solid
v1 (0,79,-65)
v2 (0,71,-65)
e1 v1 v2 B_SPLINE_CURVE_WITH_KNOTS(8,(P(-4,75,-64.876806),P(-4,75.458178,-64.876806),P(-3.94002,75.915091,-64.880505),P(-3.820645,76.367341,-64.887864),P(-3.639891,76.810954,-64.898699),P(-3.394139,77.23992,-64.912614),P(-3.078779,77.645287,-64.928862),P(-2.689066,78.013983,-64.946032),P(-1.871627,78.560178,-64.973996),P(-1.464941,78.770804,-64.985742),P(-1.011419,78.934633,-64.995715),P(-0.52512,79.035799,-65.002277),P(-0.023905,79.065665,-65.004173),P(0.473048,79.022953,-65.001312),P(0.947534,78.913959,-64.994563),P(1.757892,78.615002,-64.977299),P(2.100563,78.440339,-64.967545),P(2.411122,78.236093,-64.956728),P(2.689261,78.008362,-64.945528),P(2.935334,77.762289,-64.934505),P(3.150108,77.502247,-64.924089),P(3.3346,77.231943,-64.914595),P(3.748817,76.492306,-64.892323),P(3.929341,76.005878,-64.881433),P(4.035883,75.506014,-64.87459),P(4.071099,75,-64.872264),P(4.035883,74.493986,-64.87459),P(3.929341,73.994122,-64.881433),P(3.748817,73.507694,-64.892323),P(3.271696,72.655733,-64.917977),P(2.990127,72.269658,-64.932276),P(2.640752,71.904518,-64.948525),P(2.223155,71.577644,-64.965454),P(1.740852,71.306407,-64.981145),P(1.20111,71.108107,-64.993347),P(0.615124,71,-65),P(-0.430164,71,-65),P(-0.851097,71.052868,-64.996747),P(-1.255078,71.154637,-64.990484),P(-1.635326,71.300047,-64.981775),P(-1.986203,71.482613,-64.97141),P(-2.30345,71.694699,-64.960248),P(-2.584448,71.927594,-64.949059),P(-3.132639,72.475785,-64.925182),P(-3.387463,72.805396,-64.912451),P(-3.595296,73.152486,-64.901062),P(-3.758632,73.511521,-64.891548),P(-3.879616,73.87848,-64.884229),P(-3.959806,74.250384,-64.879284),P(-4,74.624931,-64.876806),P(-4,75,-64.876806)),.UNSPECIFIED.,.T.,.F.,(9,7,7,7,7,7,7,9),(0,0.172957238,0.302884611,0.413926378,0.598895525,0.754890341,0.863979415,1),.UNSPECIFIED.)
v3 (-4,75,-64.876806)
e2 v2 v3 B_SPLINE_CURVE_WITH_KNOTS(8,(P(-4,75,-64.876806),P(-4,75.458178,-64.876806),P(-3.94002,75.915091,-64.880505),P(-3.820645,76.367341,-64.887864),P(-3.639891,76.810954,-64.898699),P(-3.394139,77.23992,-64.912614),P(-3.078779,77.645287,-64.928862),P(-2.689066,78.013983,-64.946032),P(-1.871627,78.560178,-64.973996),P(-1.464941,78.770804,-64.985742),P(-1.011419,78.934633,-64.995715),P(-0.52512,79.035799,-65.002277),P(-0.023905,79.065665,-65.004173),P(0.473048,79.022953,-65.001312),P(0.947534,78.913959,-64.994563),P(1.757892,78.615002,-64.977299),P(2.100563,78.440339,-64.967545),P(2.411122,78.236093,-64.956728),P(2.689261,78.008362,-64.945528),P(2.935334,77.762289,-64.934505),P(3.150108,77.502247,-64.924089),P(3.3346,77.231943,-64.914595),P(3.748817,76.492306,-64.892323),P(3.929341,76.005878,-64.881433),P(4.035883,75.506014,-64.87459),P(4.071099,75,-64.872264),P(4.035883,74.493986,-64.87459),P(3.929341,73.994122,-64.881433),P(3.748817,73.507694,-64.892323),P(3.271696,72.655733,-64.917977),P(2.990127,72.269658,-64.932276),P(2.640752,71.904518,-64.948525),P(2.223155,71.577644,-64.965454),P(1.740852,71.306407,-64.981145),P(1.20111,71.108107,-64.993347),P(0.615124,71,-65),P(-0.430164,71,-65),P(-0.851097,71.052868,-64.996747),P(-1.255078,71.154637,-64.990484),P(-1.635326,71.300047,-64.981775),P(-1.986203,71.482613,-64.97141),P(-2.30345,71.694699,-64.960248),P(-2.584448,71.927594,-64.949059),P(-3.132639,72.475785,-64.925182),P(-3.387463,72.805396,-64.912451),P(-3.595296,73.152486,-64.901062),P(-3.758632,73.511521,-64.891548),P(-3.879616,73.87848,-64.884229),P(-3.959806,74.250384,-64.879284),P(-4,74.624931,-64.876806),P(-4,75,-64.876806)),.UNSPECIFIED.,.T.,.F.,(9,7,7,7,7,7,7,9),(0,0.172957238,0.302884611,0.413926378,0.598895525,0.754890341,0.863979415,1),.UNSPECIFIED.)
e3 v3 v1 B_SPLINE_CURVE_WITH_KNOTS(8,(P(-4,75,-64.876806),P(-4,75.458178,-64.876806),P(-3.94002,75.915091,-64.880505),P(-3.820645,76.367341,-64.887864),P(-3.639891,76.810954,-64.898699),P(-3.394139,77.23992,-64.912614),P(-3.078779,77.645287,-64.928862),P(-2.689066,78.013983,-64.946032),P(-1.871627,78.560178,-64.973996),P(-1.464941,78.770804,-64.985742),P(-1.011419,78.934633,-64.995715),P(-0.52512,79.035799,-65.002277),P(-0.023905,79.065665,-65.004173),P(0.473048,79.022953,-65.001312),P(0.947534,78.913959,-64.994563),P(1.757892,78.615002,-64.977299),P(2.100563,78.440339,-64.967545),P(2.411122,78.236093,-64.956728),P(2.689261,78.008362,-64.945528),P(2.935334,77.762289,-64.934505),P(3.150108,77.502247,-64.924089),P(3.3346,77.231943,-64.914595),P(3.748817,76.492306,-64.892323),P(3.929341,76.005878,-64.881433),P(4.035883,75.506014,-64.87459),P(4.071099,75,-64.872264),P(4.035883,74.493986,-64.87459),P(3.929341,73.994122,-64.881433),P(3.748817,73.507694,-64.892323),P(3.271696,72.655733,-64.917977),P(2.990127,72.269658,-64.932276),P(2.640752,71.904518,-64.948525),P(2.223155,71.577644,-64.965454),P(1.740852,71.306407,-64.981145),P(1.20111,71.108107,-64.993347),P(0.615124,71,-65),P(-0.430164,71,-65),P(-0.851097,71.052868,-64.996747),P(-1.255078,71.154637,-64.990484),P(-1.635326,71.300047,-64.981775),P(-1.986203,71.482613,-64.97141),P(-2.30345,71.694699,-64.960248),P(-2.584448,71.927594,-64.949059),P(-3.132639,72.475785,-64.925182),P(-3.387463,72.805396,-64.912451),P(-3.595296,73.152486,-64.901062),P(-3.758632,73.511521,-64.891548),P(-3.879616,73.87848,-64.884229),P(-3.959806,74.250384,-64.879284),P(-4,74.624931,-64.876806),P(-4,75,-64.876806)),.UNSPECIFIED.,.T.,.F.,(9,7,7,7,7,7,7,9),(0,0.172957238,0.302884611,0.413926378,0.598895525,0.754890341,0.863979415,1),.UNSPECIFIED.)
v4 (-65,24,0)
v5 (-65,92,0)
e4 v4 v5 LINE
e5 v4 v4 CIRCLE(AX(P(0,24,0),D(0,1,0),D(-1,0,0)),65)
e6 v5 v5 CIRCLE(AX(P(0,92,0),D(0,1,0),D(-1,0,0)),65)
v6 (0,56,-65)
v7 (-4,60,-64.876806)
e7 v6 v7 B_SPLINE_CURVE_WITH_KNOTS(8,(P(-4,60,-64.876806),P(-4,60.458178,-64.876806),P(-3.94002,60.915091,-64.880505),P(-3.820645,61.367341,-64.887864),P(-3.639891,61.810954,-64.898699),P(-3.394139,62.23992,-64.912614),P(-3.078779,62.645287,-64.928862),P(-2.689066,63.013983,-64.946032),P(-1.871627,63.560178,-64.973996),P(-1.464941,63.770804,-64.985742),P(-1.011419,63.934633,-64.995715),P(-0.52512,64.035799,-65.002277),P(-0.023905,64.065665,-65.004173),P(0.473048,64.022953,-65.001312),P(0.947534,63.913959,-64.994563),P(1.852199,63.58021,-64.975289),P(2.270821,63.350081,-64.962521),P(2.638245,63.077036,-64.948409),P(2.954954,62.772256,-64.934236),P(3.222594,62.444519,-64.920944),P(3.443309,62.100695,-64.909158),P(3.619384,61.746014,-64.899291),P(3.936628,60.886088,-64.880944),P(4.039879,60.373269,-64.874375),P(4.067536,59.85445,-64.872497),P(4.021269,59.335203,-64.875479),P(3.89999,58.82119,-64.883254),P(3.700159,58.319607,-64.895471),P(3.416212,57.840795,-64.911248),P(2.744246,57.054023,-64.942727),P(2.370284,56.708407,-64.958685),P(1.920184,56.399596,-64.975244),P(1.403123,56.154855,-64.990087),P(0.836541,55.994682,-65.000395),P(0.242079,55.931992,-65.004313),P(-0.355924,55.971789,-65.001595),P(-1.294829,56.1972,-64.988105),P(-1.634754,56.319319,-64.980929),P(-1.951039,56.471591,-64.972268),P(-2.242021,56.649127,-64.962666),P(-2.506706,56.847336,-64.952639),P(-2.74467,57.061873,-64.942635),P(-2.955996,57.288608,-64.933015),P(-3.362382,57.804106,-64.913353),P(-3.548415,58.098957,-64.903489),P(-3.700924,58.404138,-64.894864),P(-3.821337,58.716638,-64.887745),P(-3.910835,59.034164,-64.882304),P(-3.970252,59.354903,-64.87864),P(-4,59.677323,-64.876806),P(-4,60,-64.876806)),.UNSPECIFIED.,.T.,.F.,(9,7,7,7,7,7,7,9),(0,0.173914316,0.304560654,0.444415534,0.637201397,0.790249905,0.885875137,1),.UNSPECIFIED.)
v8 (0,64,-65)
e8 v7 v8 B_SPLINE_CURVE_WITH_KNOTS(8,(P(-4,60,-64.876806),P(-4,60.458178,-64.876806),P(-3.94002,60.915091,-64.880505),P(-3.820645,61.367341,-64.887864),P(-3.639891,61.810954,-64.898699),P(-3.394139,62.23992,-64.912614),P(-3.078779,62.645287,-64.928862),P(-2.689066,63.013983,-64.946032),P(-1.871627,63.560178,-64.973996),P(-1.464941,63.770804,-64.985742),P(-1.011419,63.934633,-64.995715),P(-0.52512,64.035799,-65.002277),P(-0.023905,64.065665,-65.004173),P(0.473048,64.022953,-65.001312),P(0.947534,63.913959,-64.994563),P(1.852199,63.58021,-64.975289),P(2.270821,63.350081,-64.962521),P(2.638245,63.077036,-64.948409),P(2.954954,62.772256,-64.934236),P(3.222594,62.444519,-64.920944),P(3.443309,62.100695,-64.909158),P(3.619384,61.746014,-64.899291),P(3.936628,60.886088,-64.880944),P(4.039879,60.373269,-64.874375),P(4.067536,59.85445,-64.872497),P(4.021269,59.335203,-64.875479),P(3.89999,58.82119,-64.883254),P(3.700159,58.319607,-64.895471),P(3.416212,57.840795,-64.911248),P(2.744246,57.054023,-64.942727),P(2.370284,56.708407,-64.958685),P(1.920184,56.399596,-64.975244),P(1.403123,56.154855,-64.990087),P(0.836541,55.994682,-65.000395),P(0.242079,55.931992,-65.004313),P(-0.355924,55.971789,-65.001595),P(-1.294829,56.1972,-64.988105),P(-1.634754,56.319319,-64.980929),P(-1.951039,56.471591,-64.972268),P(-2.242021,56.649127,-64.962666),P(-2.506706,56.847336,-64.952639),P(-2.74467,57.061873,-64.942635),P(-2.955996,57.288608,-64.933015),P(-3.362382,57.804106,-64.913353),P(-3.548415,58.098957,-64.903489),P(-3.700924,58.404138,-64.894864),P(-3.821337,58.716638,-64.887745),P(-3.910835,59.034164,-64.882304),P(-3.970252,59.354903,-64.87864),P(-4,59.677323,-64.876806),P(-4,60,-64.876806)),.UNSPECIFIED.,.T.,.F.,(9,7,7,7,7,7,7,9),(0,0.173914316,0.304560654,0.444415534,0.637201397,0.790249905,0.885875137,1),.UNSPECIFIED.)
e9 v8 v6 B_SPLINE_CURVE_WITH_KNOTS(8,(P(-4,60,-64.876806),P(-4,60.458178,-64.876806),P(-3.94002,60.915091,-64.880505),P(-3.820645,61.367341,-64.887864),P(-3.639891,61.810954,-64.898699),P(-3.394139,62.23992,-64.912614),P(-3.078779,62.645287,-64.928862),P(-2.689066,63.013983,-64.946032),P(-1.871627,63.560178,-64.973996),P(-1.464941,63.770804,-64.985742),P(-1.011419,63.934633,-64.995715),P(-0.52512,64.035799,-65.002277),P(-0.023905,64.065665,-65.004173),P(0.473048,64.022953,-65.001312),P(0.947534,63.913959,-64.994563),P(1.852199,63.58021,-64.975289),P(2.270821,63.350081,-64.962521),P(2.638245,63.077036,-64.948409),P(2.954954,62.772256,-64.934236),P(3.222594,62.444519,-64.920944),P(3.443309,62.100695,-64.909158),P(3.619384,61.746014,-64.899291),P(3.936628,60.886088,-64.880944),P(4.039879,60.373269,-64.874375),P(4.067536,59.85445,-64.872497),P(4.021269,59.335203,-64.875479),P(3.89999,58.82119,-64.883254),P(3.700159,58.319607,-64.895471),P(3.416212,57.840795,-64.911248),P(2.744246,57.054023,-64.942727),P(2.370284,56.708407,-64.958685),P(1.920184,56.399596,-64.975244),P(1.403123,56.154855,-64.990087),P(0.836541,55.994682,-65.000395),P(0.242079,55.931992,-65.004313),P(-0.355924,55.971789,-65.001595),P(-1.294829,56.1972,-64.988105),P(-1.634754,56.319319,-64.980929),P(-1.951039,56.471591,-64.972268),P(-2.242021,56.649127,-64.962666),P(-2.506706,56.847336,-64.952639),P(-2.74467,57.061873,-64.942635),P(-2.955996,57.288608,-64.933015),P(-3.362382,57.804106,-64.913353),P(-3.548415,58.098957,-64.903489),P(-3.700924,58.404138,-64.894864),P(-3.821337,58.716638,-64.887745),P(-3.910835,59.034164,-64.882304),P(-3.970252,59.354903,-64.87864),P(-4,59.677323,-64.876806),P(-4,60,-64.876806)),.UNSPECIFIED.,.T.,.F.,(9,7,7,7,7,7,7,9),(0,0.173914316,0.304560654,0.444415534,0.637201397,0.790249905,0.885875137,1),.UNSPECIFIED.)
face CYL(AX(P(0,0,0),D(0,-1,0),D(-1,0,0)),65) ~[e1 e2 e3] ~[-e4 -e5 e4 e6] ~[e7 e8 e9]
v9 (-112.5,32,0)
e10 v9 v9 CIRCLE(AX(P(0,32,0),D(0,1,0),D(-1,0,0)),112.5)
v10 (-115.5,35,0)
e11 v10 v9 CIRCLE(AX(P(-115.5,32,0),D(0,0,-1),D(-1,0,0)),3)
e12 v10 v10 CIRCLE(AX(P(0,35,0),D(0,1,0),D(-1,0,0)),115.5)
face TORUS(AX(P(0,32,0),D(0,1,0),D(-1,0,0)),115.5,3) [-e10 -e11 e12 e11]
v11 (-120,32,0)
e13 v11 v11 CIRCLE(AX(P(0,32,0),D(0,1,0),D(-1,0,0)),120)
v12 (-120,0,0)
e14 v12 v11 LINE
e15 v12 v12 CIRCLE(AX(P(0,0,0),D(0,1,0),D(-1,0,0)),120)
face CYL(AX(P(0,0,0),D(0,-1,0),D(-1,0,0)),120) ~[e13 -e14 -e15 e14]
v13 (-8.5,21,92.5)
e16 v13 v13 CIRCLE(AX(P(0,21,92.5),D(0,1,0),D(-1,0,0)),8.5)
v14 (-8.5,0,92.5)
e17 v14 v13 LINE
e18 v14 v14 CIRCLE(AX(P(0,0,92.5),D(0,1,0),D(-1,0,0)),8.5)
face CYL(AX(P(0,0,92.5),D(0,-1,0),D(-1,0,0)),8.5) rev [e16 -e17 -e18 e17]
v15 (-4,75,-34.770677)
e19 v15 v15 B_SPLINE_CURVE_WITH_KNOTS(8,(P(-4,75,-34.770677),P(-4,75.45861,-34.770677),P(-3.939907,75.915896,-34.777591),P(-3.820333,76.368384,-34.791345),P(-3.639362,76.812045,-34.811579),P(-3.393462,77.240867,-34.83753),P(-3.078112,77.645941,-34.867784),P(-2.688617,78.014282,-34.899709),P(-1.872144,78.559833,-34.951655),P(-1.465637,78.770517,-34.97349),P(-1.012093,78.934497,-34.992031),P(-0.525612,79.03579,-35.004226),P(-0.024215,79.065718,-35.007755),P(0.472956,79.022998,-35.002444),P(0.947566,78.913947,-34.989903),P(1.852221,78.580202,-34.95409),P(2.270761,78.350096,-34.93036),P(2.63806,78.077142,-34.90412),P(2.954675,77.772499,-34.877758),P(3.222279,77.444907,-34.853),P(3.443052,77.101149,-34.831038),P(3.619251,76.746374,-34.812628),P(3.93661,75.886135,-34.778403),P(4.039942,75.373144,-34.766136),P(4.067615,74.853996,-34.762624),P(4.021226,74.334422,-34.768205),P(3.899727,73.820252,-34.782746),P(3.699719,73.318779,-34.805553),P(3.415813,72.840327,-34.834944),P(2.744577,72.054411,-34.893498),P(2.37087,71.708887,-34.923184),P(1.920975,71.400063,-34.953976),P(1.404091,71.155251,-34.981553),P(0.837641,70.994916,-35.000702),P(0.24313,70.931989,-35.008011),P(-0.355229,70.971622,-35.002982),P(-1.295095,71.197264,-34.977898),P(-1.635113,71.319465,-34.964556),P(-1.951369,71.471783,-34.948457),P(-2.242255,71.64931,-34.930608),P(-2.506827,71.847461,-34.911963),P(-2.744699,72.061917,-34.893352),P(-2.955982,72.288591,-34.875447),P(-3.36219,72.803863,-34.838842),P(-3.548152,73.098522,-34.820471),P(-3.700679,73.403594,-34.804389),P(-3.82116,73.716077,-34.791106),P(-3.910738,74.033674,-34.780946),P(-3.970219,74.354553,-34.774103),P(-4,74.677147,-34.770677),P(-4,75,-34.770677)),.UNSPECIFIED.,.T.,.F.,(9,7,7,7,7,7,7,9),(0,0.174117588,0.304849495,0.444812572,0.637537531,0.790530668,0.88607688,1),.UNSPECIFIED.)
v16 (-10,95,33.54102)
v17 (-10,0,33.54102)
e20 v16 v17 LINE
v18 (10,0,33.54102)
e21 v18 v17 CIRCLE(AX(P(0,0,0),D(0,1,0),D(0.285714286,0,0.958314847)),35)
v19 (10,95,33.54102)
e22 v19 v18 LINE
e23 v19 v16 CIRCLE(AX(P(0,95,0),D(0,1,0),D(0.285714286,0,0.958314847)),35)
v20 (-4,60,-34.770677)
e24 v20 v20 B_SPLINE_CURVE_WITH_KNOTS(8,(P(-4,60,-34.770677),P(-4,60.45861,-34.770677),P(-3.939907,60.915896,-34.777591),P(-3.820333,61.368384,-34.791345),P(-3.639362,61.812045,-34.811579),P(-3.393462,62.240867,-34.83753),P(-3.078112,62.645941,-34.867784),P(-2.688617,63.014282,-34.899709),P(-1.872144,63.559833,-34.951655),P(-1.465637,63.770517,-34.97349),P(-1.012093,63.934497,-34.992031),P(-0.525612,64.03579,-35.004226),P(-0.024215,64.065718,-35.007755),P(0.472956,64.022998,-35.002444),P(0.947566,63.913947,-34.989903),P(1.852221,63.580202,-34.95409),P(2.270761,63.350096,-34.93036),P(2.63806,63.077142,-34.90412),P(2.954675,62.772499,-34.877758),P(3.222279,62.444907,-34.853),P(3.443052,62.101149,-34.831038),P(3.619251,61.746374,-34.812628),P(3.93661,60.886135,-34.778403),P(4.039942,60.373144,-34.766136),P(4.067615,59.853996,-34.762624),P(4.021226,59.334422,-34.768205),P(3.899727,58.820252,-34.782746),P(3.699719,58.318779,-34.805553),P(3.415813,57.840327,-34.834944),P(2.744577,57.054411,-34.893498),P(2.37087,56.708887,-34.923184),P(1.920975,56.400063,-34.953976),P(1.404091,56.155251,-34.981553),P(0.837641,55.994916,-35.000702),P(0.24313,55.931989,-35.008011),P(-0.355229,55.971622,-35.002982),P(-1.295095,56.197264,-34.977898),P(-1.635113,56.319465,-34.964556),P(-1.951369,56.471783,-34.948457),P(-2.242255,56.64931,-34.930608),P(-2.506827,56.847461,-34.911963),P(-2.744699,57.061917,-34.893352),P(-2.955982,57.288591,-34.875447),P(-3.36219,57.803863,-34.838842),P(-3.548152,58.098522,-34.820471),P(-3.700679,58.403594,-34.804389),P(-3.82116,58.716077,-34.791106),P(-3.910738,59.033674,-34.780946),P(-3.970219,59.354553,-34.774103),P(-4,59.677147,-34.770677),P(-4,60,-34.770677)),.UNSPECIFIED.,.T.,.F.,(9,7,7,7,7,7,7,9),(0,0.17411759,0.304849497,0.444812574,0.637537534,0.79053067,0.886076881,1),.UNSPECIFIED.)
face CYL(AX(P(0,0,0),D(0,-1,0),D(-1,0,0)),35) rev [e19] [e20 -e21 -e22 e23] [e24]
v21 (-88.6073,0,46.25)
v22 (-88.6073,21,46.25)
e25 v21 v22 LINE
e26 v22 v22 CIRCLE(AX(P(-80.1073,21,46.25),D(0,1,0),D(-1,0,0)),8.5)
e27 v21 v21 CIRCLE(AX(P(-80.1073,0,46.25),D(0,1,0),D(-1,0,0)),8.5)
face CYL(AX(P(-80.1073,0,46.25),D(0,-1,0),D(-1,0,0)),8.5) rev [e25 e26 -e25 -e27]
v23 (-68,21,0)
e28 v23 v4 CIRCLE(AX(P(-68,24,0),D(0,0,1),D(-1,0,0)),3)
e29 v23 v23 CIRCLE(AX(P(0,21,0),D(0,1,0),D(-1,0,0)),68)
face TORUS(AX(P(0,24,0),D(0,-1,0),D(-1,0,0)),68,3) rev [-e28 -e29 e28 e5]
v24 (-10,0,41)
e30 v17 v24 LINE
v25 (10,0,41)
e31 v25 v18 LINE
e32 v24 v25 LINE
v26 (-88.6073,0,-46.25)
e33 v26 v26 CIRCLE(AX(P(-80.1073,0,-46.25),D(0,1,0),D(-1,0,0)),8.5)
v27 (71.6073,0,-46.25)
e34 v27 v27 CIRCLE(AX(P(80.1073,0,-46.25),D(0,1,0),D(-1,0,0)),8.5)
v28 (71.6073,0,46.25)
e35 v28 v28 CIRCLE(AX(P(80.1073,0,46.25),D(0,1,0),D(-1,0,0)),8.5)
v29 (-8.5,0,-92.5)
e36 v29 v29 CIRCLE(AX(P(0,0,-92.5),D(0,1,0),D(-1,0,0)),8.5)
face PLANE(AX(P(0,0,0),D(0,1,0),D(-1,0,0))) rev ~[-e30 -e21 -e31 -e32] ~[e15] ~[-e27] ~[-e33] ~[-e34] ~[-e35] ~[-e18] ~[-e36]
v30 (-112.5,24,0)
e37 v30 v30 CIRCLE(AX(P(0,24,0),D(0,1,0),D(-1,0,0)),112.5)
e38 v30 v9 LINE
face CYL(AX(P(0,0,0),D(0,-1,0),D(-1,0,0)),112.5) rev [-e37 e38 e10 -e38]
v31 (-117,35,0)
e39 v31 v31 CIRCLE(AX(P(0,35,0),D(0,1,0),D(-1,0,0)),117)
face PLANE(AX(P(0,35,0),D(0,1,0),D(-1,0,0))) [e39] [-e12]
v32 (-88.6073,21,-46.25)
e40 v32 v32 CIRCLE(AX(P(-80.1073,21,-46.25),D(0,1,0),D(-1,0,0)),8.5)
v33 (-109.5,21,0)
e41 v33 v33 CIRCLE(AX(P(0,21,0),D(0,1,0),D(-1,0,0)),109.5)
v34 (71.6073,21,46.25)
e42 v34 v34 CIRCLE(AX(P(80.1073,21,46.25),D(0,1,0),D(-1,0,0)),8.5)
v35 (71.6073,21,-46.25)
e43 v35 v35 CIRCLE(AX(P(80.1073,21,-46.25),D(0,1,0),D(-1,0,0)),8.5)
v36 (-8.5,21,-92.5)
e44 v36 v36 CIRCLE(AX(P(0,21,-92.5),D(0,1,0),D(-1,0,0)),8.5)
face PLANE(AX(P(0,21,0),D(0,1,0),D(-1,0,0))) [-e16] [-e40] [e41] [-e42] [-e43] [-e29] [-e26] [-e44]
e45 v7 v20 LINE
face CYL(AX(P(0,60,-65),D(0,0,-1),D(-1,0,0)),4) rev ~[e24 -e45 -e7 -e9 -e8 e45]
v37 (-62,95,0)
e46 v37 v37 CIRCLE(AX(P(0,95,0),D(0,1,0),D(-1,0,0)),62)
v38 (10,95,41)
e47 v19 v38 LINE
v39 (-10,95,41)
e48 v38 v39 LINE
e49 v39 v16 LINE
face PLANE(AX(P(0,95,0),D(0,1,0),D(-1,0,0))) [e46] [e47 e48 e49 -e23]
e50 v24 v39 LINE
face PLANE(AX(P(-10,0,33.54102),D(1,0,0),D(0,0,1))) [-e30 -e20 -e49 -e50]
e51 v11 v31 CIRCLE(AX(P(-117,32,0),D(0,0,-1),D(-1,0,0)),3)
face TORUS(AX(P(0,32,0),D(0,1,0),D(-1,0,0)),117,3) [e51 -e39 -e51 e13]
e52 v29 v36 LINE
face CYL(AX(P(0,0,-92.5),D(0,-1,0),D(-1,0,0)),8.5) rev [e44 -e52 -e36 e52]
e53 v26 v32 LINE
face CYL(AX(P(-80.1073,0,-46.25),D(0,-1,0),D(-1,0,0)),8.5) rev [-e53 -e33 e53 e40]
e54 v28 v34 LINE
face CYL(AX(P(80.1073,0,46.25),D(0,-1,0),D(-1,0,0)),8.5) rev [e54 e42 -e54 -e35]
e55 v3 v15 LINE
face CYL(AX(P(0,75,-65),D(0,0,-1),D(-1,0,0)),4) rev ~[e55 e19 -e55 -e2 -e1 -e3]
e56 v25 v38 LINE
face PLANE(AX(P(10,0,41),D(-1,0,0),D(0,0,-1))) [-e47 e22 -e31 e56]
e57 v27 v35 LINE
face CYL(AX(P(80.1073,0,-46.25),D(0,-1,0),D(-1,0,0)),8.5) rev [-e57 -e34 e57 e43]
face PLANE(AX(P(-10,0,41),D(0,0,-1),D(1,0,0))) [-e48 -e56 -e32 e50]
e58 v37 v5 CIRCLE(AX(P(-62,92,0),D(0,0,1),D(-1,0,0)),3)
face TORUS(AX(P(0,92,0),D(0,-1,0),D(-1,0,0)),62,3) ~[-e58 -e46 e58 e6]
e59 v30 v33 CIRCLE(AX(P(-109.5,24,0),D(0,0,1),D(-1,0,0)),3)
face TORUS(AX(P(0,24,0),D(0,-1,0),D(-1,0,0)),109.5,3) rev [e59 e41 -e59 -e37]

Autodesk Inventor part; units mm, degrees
ref_plane "YZ Plane" through (0, 0, 0) normal (1, 0, 0) x (0, 1, 0)
ref_plane "XZ Plane" through (0, 0, 0) normal (0, 1, 0) x (-1, 0, 0)
ref_plane "XY Plane" through (0, 0, 0) normal (0, 0, 1) x (1, 0, 0)
sketch "Náčrt1" plane through (0, 0, 0) normal (0, 1, 0) x (-1, 0, 0)
  circle A0 centre (0, 0) radius 120
  circle A1 centre (0, 0) radius 112.5
  circle A2 centre (0, 0) radius 35
  circle A3 centre (0, 0) radius 65
  circle A4 centre (0, -92.5) radius 8.5
  line L0 (0, -65) -> (0, -92.5) construction
  circle A5 centre (80.1073, -46.25) radius 8.5
  circle A6 centre (80.1073, 46.25) radius 8.5
  circle A7 centre (0, 92.5) radius 8.5
  circle A8 centre (-80.1073, 46.25) radius 8.5
  circle A9 centre (-80.1073, -46.25) radius 8.5
  dimension "d3" = 130
  dimension "d0" = 240
  dimension "d1" = 225
  dimension "d2" = 70
  dimension "d59" = 17
  dimension "d61" = 27.5
  dimension "d64" = 360
  dimension "d67" = 185
extrude "Vysunutí1" add sketch "Náčrt1" along normal blind 95 contours A3
extrude "Vysunutí2" add sketch "Náčrt1" along normal blind 21 contours A1
extrude "Vysunutí3" add sketch "Náčrt1" along normal blind 35 contours A0
sketch "Náčrt3" plane through (0, 0, 0) normal (0, -1, 0) x (1, 0, 0)
  line L0 (-10, 41) -> (10, 41)
  line L1 (10, 41) -> (10, 29)
  line L2 (10, 29) -> (-10, 29)
  line L3 (-10, 29) -> (-10, 41)
  circle A0 centre (0, 0) radius 35 projected
  line L4 (-10, 41) -> (10, 29) construction
  line L5 (10, 41) -> (-10, 29) construction
  point P0 (0, 35)
  point P1 (0, 29)
  dimension "d18" = 20
  dimension "d19" = 12
  dimension "d20" = 29
extrude "Vysunutí5" cut sketch "Náčrt3" against normal through all contours L0 L1 A0 L3 | A0 L1 L2 L3 picked at (1.1251, 30.9456)
fillet "Fillet1" radius 3 5 edges at (112.5, 21, 0) (65, 21, 0) (112.5, 35, 0) (120, 35, 0) (65, 95, 0)
ref_plane "Work Plane1" through (10, 0, -65) normal (0, 0, -1) x (-1, 0, 0)
sketch "Sketch4" plane through (10, 0, -65) normal (0, 0, -1) x (-1, 0, 0)
  line L0 (10, 0) -> (10, 95)
  line L1 (-25, 95) -> (45, 95) projected
  circle A0 centre (10, 60) radius 4
  line L2 (130, 0) -> (-110, 0) projected
  circle A1 centre (10, 75) radius 4
  point P0 (20, 95)
  point P1 (0, 95)
  dimension "d35" = 60
  dimension "d45" = 8
  dimension "d47" = 15
extrude "Extrusion6" cut sketch "Sketch4" against normal blind 35
thread "Závit3" size "M8x1.25" class "6H" standard "ANSI Metric M Profile" full length
thread "Závit4" size "M8x1.25" class "6H" standard "ANSI Metric M Profile" full length
properties part number "S2spojkav3" material "Sedá litina (42 2420)"
